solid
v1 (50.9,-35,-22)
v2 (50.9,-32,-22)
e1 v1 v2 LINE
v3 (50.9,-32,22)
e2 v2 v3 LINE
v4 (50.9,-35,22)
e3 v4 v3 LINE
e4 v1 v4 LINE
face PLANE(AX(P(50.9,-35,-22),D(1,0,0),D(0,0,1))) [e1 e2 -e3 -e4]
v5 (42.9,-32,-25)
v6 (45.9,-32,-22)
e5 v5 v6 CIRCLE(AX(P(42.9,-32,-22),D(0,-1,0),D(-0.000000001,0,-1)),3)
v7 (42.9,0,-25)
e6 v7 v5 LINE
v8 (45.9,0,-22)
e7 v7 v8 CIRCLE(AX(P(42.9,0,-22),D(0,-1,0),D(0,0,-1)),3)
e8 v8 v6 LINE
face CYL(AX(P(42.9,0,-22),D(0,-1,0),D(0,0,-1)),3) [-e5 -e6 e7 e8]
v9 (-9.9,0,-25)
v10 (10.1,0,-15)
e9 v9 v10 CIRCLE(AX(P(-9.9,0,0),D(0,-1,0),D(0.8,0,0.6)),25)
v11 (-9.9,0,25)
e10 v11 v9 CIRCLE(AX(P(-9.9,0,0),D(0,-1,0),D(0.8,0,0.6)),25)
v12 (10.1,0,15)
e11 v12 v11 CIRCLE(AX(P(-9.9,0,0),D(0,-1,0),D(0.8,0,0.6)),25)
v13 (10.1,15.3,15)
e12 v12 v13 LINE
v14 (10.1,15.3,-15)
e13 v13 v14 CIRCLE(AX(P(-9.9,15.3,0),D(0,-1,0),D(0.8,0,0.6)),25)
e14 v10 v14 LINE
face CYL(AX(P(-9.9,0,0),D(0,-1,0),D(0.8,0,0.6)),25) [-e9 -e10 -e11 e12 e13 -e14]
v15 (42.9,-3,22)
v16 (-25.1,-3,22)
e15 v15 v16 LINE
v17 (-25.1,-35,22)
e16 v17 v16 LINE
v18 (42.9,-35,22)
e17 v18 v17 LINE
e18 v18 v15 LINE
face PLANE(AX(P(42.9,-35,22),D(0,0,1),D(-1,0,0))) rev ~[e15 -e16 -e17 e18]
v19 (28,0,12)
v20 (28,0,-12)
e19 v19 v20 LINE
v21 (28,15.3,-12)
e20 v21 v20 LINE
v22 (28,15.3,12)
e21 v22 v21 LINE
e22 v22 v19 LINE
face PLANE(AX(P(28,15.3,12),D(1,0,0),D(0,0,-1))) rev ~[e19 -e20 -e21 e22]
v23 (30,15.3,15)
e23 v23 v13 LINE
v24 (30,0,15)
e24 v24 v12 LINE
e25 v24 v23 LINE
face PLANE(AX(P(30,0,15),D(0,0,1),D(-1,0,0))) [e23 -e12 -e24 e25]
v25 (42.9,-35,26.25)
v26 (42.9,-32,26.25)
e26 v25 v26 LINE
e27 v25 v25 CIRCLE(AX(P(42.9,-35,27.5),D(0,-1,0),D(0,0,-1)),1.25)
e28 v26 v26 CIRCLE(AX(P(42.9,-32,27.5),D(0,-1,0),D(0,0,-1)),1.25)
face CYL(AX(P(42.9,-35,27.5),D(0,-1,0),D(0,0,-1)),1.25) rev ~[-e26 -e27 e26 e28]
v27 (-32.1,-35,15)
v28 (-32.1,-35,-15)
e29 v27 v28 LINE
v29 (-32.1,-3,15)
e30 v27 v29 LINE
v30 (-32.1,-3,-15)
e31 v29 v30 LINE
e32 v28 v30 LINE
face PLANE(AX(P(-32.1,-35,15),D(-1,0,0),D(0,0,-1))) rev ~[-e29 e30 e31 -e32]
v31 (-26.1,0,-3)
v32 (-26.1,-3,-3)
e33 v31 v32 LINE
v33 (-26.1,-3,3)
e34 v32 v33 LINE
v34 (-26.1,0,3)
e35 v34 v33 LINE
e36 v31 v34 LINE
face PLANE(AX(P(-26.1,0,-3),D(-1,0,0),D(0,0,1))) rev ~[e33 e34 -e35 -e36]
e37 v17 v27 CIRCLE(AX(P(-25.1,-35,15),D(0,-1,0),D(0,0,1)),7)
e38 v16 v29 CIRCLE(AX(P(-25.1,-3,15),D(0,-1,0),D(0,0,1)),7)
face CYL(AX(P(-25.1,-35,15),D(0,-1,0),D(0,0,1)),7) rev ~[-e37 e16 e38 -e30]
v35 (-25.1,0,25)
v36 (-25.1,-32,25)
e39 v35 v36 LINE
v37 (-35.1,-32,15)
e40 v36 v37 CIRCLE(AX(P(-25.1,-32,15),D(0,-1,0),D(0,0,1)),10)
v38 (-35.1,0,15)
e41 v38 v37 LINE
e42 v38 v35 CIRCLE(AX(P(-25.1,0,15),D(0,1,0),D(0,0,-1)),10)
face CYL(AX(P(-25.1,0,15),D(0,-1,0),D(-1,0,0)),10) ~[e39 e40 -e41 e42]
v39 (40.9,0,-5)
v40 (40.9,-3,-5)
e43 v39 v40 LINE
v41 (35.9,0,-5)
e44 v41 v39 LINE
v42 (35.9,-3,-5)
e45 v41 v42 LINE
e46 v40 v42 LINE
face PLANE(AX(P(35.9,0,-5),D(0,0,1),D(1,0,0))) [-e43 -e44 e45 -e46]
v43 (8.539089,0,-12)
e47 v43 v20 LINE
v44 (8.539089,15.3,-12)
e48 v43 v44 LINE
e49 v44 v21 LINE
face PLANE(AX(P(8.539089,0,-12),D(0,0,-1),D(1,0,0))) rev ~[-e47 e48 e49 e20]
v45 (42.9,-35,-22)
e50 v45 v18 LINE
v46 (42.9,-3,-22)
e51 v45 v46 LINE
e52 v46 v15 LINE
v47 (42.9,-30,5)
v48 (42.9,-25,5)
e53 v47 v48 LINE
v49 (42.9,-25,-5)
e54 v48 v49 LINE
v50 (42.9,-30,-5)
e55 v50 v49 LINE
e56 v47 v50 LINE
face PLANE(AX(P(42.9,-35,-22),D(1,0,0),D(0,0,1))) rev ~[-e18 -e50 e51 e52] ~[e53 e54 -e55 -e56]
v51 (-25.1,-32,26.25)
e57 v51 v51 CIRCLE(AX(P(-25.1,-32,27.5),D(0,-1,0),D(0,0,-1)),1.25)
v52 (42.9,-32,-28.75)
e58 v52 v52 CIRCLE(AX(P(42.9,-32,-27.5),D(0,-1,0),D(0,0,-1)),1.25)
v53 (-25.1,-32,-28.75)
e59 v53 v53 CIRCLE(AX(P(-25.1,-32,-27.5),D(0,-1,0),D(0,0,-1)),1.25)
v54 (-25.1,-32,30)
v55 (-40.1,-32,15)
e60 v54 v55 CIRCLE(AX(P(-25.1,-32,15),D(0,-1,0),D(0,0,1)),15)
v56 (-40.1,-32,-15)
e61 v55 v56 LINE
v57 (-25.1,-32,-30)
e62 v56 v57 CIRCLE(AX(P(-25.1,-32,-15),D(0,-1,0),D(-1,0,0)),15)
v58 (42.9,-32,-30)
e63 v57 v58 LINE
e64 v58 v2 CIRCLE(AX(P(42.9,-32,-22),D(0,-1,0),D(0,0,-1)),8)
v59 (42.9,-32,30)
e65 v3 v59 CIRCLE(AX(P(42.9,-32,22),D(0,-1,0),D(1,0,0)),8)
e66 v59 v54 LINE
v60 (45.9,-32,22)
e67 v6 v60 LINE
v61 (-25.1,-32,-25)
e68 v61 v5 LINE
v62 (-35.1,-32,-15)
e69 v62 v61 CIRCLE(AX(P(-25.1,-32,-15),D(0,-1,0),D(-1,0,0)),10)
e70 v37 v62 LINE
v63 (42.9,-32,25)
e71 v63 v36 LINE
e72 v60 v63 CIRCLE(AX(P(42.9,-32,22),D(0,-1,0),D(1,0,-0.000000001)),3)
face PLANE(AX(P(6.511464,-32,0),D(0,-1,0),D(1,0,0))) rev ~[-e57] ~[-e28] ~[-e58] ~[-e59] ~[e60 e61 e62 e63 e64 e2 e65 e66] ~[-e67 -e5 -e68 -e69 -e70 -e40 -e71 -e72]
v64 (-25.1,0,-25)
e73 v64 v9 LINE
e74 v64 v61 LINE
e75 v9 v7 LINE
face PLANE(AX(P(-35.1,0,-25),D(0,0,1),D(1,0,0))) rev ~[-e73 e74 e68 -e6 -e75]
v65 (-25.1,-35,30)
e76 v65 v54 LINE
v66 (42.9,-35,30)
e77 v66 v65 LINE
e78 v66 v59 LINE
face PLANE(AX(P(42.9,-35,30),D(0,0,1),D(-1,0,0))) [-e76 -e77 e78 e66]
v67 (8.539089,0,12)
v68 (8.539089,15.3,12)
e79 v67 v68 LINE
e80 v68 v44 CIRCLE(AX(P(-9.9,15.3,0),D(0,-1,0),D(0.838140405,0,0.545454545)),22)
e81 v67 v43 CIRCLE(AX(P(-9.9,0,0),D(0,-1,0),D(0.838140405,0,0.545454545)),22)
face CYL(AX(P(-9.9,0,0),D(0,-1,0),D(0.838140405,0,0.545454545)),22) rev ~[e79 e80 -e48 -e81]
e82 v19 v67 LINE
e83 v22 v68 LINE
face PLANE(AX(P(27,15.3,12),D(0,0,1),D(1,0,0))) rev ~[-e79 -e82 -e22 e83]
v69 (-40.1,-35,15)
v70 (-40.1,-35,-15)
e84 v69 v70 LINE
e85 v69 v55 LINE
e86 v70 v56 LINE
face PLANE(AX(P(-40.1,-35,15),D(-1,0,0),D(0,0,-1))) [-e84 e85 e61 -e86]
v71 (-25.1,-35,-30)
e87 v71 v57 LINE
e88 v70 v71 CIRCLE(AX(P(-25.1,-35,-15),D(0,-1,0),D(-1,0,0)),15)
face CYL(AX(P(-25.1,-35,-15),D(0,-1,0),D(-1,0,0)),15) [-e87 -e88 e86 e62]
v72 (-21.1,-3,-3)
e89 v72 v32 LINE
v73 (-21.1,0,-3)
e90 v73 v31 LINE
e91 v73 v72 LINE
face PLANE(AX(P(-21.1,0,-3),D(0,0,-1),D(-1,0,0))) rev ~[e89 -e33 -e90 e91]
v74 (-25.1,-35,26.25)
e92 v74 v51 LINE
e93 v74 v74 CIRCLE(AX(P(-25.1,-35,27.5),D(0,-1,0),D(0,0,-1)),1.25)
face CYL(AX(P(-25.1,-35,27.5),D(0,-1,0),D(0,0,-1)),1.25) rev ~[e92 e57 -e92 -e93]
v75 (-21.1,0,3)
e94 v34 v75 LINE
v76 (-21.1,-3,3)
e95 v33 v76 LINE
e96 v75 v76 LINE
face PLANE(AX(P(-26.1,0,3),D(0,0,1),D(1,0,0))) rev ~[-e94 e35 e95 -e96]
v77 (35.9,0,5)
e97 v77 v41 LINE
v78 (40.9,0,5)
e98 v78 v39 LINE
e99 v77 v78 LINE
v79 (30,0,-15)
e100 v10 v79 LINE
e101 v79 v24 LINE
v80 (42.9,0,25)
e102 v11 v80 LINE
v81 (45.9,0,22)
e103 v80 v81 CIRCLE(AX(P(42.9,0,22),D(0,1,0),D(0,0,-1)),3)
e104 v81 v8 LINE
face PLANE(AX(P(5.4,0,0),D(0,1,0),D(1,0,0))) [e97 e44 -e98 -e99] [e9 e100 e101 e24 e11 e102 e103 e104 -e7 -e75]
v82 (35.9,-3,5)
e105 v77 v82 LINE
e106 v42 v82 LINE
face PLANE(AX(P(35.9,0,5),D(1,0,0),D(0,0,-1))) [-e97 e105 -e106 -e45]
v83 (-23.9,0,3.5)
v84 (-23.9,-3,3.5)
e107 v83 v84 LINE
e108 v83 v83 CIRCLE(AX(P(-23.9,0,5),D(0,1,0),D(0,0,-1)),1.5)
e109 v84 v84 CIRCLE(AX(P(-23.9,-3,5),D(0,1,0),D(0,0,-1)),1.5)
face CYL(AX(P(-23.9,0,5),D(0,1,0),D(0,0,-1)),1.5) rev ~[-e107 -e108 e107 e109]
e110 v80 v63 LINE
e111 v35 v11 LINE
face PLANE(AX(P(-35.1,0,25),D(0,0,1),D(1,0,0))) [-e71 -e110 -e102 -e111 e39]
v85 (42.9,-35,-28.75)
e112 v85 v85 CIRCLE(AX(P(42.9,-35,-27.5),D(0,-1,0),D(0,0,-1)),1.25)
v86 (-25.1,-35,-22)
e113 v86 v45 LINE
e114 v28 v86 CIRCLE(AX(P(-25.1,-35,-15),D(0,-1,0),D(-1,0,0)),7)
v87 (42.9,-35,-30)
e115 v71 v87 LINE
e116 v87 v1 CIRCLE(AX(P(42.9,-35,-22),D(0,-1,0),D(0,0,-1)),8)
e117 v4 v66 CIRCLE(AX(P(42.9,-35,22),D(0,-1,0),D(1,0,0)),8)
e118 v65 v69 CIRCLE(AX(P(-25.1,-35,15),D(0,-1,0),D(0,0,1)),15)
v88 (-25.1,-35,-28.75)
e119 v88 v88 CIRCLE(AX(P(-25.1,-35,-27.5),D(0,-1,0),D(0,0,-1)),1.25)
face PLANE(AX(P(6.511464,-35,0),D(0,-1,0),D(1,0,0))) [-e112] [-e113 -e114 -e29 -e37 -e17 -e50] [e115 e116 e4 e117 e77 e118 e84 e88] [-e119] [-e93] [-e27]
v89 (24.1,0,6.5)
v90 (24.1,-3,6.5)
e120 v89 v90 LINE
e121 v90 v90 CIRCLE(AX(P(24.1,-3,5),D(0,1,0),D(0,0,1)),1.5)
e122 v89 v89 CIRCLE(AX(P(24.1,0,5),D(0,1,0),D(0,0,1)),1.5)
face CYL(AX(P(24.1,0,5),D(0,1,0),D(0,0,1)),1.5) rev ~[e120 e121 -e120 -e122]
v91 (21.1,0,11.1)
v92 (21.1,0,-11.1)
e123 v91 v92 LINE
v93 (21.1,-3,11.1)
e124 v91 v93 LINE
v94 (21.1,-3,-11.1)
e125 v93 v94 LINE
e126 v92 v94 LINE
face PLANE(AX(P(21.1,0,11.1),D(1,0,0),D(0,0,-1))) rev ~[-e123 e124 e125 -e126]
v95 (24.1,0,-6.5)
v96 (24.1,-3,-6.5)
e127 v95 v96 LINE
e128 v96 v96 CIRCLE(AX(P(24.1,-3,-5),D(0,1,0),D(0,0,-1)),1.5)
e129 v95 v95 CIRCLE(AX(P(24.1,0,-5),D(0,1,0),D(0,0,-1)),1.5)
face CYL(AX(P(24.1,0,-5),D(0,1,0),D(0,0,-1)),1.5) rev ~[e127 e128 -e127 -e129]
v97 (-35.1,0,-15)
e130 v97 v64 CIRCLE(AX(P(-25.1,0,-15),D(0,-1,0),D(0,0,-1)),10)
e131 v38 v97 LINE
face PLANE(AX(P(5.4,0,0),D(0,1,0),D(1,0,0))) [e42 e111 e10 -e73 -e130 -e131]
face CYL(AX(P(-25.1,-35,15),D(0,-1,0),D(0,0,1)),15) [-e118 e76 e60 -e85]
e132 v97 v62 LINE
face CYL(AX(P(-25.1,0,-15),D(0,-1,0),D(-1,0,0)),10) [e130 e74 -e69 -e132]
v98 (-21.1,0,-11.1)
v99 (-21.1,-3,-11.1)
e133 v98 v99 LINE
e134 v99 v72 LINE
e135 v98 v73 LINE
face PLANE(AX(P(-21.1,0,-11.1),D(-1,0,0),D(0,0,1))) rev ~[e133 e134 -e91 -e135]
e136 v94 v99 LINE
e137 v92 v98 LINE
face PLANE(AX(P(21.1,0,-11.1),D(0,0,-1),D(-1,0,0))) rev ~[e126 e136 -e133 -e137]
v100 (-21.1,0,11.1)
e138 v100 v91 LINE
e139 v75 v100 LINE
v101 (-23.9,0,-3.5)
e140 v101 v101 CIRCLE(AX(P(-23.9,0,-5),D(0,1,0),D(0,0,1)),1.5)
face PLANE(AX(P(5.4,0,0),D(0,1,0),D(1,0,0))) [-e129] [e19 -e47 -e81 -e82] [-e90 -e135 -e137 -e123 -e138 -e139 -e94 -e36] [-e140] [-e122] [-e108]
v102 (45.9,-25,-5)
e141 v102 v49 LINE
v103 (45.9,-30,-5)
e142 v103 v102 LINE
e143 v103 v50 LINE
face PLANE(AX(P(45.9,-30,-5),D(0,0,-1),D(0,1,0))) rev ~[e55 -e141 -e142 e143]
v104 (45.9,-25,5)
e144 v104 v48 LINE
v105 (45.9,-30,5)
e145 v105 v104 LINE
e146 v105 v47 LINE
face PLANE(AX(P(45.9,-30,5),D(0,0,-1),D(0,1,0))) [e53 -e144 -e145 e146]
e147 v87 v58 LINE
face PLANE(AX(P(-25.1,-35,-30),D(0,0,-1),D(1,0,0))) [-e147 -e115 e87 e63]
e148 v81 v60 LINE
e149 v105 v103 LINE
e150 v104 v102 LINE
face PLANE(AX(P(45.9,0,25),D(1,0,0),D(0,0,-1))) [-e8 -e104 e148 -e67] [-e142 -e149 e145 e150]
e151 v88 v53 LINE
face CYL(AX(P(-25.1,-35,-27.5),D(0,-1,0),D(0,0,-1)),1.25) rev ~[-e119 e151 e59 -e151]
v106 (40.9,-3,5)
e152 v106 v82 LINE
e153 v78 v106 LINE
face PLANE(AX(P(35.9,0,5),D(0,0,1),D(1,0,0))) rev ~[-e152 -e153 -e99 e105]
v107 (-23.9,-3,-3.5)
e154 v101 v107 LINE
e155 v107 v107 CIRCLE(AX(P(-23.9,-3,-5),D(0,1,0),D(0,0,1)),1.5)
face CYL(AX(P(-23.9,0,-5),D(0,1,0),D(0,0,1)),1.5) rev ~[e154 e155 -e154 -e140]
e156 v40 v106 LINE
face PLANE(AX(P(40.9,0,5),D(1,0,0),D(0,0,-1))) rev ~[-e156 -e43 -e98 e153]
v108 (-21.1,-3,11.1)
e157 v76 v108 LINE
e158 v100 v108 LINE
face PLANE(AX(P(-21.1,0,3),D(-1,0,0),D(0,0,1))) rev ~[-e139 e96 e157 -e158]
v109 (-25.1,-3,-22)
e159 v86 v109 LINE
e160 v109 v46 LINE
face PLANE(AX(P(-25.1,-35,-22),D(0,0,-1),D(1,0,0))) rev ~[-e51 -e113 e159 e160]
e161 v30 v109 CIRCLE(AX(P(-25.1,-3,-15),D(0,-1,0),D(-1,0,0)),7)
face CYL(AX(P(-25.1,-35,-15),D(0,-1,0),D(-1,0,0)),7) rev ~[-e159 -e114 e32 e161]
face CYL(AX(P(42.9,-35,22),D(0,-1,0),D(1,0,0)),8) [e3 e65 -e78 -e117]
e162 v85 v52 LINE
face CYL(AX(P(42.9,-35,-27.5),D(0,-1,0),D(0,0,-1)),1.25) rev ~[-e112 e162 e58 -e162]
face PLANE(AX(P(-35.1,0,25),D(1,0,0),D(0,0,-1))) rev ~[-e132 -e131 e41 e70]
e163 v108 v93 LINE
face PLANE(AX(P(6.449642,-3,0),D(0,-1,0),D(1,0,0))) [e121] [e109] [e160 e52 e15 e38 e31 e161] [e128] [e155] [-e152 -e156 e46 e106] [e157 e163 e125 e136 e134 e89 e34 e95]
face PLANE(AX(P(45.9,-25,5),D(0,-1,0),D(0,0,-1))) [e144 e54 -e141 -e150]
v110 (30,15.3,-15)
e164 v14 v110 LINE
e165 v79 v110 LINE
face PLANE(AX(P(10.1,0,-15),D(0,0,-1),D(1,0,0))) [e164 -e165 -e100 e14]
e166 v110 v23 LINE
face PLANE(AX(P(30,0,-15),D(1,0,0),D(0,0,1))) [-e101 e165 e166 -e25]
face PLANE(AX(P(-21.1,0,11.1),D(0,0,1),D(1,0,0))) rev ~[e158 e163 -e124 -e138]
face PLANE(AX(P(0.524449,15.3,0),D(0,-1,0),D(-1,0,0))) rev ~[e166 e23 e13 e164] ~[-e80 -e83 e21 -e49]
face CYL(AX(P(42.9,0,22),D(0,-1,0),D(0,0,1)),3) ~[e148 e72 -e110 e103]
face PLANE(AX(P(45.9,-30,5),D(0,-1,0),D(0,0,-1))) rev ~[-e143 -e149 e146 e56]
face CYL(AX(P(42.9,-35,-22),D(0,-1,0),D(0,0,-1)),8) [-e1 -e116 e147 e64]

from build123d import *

# Parameters (mm, degrees)
SKETCH1_W           = 81
SKETCH1_H           = 50
SKETCH1_R           = 1.5
BOSS_EXTRUDE1_DEPTH = 35
FILLET1_R           = 10
FILLET2_R           = 3
CUT_EXTRUDE1_DEPTH  = 32
BOSS_EXTRUDE2_DEPTH = 15.3
SKETCH4_W           = 1
SKETCH4_H           = 24
CUT_EXTRUDE2_DEPTH  = 15.3
SKETCH5_W           = 10
SKETCH5_H           = 5
CUT_EXTRUDE3_DEPTH  = 16.3
SKETCH6_R           = 1.25
BOSS_EXTRUDE3_DEPTH = 3
SKETCH7_W           = 5
SKETCH7_H           = 10
CUT_EXTRUDE4_DEPTH  = 10


with BuildPart() as part:
    # Sketch1 → Boss-Extrude1 (new body)
    with BuildSketch(Plane(origin=(0, 0, 0), x_dir=(1, 0, 0), z_dir=(0, 1, 0))):
        with Locations((5.4, 0)):
            Rectangle(SKETCH1_W, SKETCH1_H)
        with Locations(Location((-23.9, 5, 0), (0, 0, 270))):
            Circle(SKETCH1_R, mode=Mode.SUBTRACT)
        with Locations(Location((-23.9, -5, 0), (0, 0, 90))):
            Circle(SKETCH1_R, mode=Mode.SUBTRACT)
        with Locations(Location((24.1, 5, 0), (0, 0, 90))):
            Circle(SKETCH1_R, mode=Mode.SUBTRACT)
        with Locations(Location((24.1, -5, 0), (0, 0, 270))):
            Circle(SKETCH1_R, mode=Mode.SUBTRACT)
        Polygon((-21.1, 3), (-26.1, 3), (-26.1, -3), (-21.1, -3), (-21.1, -11.1), (21.1, -11.1), (21.1, 11.1), (-21.1, 11.1), align=None, mode=Mode.SUBTRACT)
    extrude(amount=-BOSS_EXTRUDE1_DEPTH)

    # Fillet1
    fillet1_edges = [part.edges().sort_by_distance(p)[0] for p in [
        (-35.1, -17.5, 25),
        (-35.1, -17.5, -25),
    ]]
    fillet(fillet1_edges, radius=FILLET1_R)

    # Fillet2
    fillet2_edges = [part.edges().sort_by_distance(p)[0] for p in [
        (45.9, -17.5, 25),
        (45.9, -17.5, -25),
    ]]
    fillet(fillet2_edges, radius=FILLET2_R)

    # Sketch3 → Cut-Extrude1 (cut)
    with BuildSketch(Plane.XZ.offset(35)):
        with BuildLine():
            Line((42.9, 22), (-25.1, 22))
            ThreePointArc((-25.1, 22), (-30.049747468, 19.949747468), (-32.1, 15))
            Line((-32.1, 15), (-32.1, -15))
            ThreePointArc((-32.1, -15), (-30.049747468, -19.949747468), (-25.1, -22))
            Line((-25.1, -22), (42.9, -22))
            Line((42.9, -22), (42.9, 22))
        make_face()
    extrude(amount=-CUT_EXTRUDE1_DEPTH, mode=Mode.SUBTRACT)

    # Sketch2 → Boss-Extrude2 (add)
    with BuildSketch(Plane(origin=(0, 0, 0), x_dir=(1, 0, 0), z_dir=(0, 1, 0))):
        with BuildLine():
            Line((10.1, 15), (30, 15))
            Line((30, 15), (30, -15))
            Line((30, -15), (10.1, -15))
            ThreePointArc((10.1, -15), (-34.9, 0), (10.1, 15))
        make_face()
        with BuildLine():
            Line((8.539088915, 12), (27, 12))
            Line((27, 12), (27, -12))
            Line((27, -12), (8.539088915, -12))
            ThreePointArc((8.539088915, -12), (-31.9, 0), (8.539088915, 12))
        make_face(mode=Mode.SUBTRACT)
    extrude(amount=BOSS_EXTRUDE2_DEPTH)

    # Sketch4 → Cut-Extrude2 (cut)
    with BuildSketch(Plane(origin=(0, 15.3, 0), x_dir=(1, 0, 0), z_dir=(0, 1, 0))):
        with Locations((27.5, 0)):
            Rectangle(SKETCH4_W, SKETCH4_H)
    extrude(amount=-CUT_EXTRUDE2_DEPTH, mode=Mode.SUBTRACT)

    # Sketch5 → Cut-Extrude3 (cut)
    with BuildSketch(Plane(origin=(45.9, 0, 0), x_dir=(0, 0, -1), z_dir=(1, 0, 0))):
        with Locations((0, -27.5)):
            Rectangle(SKETCH5_W, SKETCH5_H)
    extrude(amount=-CUT_EXTRUDE3_DEPTH, mode=Mode.SUBTRACT)

    # Sketch6 → Boss-Extrude3 (add)
    with BuildSketch(Plane.XZ.offset(35)):
        with BuildLine():
            Line((42.9, 30), (-25.1, 30))
            ThreePointArc((-25.1, 30), (-35.706601718, 25.606601718), (-40.1, 15))
            Line((-40.1, 15), (-40.1, -15))
            ThreePointArc((-40.1, -15), (-35.706601718, -25.606601718), (-25.1, -30))
            Line((-25.1, -30), (42.9, -30))
            ThreePointArc((42.9, -30), (48.556854249, -27.656854249), (50.9, -22))
            Line((50.9, -22), (50.9, 22))
            ThreePointArc((50.9, 22), (48.556854249, 27.656854249), (42.9, 30))
        make_face()
        with Locations(Location((-25.1, 27.5, 0), (0, 0, 270))):
            Circle(SKETCH6_R, mode=Mode.SUBTRACT)
        with Locations(Location((42.9, 27.5, 0), (0, 0, 270))):
            Circle(SKETCH6_R, mode=Mode.SUBTRACT)
        with Locations(Location((42.9, -27.5, 0), (0, 0, 270))):
            Circle(SKETCH6_R, mode=Mode.SUBTRACT)
        with Locations(Location((-25.1, -27.5, 0), (0, 0, 270))):
            Circle(SKETCH6_R, mode=Mode.SUBTRACT)
        with BuildLine():
            Line((45.9, -22), (45.9, 22))
            ThreePointArc((45.9, 22), (45.021320344, 24.121320344), (42.9, 25))
            Line((42.9, 25), (-25.1, 25))
            ThreePointArc((-25.1, 25), (-32.171067812, 22.071067812), (-35.1, 15))
            Line((-35.1, 15), (-35.1, -15))
            ThreePointArc((-35.1, -15), (-32.171067812, -22.071067812), (-25.1, -25))
            Line((-25.1, -25), (42.9, -25))
            ThreePointArc((42.9, -25), (45.021320344, -24.121320344), (45.9, -22))
        make_face(mode=Mode.SUBTRACT)
    extrude(amount=-BOSS_EXTRUDE3_DEPTH)

    # Sketch7 → Cut-Extrude4 (cut)
    with BuildSketch(Plane(origin=(0, 0, 0), x_dir=(1, 0, 0), z_dir=(0, 1, 0))):
        with Locations((38.4, 0)):
            Rectangle(SKETCH7_W, SKETCH7_H)
    extrude(amount=-CUT_EXTRUDE4_DEPTH, mode=Mode.SUBTRACT)


solid = part.part
